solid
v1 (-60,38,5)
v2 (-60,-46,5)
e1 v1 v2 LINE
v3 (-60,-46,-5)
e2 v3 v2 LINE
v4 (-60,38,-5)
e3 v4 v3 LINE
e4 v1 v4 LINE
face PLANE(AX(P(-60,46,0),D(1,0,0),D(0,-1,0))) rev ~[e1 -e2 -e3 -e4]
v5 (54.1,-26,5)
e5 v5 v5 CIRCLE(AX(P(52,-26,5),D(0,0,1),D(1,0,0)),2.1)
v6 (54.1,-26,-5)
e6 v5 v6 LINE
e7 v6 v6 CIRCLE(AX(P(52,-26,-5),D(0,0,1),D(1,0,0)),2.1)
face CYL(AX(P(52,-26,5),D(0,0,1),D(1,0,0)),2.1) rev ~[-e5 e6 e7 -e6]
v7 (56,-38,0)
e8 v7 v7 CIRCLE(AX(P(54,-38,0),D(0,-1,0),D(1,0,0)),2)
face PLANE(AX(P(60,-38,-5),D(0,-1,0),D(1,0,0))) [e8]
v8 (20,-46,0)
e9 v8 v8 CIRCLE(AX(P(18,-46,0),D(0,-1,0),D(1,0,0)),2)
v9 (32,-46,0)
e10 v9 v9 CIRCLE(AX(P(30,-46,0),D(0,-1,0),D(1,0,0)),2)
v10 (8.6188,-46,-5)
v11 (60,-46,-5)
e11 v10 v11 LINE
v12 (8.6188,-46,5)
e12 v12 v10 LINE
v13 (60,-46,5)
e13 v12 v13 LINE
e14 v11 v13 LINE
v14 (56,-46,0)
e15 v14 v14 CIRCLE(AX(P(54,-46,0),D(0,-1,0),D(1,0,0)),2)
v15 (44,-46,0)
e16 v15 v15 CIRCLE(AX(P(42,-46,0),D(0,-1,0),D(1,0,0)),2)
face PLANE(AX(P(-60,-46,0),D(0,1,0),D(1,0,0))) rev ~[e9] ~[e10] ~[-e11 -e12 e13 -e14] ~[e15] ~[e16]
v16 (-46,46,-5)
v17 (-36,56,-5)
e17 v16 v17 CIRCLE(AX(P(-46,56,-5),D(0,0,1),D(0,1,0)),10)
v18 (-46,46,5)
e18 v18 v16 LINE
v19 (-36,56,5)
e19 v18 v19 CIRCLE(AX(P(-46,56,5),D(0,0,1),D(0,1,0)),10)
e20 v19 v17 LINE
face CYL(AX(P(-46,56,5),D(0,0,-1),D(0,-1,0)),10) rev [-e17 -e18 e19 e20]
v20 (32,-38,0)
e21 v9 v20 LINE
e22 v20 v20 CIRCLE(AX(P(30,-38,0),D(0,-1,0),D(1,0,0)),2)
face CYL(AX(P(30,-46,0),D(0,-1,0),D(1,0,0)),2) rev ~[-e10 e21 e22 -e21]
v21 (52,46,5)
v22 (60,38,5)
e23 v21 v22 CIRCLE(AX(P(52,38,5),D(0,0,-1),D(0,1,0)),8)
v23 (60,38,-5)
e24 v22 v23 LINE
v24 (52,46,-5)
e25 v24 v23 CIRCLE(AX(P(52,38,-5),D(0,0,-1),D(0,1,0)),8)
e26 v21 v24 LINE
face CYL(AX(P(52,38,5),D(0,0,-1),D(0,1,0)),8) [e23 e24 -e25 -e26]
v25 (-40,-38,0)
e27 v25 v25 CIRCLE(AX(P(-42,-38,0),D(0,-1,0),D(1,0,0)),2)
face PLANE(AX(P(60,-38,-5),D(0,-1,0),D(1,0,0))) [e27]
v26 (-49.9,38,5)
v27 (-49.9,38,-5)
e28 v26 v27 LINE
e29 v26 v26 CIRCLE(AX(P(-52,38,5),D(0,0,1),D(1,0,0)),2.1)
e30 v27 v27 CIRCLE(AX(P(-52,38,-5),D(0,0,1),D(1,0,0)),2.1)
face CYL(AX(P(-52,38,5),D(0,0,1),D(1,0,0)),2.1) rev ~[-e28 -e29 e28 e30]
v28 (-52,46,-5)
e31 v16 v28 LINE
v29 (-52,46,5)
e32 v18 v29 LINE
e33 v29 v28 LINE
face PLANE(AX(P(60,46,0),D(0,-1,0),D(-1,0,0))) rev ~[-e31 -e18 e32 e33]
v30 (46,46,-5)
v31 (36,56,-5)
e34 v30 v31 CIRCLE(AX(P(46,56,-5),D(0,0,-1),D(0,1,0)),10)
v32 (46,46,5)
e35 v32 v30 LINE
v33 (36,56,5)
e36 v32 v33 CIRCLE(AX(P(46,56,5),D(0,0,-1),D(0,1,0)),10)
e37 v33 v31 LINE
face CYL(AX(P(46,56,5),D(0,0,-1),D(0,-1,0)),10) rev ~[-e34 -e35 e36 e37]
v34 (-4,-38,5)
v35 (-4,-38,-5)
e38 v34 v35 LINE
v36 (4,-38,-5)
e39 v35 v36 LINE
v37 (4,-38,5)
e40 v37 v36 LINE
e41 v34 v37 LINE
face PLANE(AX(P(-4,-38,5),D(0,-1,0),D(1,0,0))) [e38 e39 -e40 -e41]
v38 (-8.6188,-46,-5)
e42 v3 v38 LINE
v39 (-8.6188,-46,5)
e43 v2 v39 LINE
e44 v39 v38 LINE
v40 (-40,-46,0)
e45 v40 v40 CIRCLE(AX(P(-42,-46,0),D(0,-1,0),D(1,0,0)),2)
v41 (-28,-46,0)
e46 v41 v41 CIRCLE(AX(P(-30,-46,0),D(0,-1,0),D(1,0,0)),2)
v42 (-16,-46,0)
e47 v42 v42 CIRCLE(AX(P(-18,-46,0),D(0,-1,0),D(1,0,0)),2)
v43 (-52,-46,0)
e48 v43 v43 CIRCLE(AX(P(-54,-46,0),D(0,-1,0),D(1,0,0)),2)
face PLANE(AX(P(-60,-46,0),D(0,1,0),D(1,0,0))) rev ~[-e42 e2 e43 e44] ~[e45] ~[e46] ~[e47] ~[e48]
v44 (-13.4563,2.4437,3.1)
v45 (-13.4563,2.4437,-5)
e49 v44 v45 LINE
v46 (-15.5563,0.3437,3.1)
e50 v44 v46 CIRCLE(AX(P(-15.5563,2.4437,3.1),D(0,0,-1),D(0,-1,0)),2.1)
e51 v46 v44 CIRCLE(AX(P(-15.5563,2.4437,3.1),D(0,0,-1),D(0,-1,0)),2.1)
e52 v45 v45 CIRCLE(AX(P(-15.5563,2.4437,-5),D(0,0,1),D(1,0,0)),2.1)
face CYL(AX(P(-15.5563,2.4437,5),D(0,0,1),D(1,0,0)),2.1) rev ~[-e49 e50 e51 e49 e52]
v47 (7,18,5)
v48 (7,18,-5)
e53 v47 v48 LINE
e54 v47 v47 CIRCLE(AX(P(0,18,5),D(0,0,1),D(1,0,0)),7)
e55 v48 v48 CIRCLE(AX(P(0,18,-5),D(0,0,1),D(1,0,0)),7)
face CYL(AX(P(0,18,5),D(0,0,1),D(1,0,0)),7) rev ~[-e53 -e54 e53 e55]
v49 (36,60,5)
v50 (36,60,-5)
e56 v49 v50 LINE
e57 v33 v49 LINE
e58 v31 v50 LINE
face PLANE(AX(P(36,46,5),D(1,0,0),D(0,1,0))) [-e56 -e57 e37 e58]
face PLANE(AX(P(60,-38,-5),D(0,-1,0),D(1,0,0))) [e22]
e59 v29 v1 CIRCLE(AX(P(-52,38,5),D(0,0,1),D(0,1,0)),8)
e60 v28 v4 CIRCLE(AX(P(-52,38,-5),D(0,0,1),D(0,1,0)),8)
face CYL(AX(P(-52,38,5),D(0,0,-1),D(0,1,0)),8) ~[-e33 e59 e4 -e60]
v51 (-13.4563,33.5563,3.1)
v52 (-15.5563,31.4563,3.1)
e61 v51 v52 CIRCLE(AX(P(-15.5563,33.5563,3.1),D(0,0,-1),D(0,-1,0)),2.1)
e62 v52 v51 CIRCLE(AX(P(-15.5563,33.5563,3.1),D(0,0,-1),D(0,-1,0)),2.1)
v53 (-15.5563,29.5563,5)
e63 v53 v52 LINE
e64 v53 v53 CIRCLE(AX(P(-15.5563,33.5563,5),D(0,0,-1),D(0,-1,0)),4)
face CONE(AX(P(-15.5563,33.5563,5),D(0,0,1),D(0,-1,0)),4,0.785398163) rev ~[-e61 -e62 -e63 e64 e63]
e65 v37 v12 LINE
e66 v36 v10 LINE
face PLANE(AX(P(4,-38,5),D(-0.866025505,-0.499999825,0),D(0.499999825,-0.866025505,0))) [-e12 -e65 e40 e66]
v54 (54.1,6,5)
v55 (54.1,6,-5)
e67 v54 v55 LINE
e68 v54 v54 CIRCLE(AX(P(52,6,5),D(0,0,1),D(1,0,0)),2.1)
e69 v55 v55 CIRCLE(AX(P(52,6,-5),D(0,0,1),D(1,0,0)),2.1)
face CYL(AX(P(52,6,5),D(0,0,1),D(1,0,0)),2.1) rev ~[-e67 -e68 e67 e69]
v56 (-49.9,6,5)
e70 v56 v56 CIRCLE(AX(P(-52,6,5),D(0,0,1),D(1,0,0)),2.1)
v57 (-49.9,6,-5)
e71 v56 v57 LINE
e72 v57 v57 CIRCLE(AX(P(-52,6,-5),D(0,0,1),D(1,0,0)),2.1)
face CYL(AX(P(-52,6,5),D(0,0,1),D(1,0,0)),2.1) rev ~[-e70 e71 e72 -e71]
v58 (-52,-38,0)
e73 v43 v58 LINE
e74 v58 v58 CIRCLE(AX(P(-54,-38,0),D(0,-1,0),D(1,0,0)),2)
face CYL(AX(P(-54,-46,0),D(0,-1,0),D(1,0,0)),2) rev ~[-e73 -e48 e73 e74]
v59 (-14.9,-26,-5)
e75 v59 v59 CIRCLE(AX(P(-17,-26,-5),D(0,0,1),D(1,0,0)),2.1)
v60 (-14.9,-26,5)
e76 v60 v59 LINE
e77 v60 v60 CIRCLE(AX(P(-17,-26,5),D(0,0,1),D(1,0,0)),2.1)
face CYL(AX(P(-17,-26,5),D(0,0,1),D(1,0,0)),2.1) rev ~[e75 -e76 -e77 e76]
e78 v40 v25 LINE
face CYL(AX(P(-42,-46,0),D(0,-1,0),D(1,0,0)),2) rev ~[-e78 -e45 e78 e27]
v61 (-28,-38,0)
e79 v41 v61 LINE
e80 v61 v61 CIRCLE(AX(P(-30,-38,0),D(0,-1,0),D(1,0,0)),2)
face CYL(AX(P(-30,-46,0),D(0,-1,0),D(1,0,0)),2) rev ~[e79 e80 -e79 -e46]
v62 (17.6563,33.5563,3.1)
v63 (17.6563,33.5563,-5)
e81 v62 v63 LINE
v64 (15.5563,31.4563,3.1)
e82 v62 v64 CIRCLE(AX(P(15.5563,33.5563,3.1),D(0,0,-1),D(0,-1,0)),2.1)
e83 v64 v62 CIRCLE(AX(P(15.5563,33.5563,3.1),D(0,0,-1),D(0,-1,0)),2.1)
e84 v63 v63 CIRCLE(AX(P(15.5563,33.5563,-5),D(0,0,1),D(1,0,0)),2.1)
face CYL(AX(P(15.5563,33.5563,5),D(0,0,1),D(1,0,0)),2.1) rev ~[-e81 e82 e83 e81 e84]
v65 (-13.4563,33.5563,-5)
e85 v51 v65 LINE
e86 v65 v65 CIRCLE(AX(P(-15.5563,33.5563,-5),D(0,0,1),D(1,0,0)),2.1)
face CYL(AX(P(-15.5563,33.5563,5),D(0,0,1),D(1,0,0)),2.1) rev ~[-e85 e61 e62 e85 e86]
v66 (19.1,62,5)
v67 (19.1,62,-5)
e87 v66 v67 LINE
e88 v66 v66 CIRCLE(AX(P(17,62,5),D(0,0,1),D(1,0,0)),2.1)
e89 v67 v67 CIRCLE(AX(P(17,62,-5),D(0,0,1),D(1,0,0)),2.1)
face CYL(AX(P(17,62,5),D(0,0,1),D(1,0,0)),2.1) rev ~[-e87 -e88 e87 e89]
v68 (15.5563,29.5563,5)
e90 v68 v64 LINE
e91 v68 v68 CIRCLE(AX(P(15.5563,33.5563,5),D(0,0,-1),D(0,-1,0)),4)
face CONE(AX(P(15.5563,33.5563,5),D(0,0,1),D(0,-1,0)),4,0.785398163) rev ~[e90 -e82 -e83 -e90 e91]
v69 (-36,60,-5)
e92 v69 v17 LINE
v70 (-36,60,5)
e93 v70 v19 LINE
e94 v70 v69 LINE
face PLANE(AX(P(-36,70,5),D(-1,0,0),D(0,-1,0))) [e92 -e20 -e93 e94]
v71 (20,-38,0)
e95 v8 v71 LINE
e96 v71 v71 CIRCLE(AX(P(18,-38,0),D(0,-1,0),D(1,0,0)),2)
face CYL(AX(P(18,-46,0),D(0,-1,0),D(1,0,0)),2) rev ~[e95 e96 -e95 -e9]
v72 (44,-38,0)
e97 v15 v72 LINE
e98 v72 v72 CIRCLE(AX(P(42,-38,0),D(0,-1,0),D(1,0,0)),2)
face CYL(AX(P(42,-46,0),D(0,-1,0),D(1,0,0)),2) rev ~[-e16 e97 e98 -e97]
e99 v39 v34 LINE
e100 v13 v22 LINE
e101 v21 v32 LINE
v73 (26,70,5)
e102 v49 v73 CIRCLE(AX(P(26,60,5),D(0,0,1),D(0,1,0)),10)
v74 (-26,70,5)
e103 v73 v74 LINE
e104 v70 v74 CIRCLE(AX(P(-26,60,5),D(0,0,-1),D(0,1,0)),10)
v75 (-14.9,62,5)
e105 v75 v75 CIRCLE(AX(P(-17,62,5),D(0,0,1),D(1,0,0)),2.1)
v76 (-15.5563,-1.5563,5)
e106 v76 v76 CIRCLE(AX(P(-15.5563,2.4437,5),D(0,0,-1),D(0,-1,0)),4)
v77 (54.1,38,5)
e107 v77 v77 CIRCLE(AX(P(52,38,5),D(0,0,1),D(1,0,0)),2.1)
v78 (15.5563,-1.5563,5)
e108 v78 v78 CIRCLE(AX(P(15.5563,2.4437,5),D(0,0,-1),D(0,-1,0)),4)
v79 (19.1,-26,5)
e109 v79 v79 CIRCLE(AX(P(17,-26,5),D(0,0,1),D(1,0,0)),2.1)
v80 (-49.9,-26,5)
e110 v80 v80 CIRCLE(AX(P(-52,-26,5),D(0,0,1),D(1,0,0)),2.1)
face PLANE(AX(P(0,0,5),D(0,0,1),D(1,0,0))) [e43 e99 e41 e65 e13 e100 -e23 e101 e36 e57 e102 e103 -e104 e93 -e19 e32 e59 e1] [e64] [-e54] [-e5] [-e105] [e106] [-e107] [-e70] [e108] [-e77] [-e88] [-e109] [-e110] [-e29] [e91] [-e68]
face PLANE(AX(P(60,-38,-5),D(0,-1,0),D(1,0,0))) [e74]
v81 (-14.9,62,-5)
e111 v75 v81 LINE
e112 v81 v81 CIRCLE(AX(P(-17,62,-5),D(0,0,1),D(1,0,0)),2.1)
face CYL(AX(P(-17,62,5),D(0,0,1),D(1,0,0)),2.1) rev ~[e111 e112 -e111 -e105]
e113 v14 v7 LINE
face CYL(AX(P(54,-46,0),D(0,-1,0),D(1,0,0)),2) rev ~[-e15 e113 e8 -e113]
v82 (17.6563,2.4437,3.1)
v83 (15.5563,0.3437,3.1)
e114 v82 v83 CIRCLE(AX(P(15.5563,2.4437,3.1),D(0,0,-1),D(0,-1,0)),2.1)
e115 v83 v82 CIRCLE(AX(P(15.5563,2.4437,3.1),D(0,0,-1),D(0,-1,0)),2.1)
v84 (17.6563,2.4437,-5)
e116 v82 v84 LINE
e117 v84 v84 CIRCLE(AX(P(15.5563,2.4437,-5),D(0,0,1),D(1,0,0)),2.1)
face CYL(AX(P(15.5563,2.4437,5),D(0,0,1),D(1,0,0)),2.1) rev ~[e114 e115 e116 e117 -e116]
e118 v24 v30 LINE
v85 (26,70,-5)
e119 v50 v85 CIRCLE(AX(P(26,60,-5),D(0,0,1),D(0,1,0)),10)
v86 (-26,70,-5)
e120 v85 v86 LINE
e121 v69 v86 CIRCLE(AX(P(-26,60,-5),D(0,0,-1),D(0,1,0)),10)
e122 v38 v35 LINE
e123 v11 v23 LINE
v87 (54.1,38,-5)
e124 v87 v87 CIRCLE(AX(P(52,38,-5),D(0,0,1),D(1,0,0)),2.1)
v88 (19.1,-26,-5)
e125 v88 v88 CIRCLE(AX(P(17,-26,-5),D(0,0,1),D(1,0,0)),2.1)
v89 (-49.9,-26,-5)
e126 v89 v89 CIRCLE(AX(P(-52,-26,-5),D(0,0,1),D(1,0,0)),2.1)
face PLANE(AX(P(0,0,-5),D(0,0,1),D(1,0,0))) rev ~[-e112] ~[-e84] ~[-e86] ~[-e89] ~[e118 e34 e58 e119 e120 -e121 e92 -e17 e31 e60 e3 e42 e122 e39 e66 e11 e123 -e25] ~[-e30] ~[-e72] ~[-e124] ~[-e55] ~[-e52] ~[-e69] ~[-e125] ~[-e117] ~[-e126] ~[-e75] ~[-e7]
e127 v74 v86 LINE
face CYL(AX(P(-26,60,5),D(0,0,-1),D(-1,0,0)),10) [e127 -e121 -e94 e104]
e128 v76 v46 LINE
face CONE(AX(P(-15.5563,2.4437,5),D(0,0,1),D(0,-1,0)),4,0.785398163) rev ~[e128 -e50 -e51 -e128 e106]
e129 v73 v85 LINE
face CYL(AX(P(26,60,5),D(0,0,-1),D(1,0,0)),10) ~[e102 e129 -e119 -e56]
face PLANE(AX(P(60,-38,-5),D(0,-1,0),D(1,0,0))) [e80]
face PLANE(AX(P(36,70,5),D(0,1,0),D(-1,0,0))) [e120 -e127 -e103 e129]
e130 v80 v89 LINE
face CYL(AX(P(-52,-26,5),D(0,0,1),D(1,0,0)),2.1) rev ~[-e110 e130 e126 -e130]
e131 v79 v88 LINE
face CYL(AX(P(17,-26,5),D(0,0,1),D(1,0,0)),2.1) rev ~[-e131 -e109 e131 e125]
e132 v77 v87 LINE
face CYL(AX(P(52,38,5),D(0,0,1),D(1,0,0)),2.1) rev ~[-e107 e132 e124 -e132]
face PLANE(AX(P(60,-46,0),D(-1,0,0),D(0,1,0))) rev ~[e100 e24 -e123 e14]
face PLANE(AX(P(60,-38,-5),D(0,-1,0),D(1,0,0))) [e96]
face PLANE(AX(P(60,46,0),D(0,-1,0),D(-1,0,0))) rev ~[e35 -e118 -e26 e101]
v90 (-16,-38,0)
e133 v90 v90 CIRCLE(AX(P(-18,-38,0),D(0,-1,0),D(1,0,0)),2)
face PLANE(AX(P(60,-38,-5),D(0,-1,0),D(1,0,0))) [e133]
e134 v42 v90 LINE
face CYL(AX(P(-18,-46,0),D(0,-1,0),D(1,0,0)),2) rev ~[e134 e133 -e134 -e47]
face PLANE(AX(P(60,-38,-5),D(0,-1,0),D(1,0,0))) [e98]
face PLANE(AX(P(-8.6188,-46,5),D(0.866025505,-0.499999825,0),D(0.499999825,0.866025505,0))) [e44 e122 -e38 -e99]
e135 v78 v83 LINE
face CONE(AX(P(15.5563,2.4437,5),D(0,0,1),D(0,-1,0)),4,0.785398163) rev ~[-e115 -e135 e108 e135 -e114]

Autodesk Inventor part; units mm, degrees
ref_plane "YZ Plane" through (0, 0, 0) normal (1, 0, 0) x (0, 1, 0)
ref_plane "XZ Plane" through (0, 0, 0) normal (0, 1, 0) x (-1, 0, 0)
ref_plane "XY Plane" through (0, 0, 0) normal (0, 0, 1) x (1, 0, 0)
sketch "Sketch1" plane through (0, 0, 0) normal (0, 0, 1) x (1, 0, 0)
  line L0 (-60, -46) -> (60, -46)
  line L1 (60, -46) -> (60, 46)
  line L2 (60, 46) -> (-60, 46)
  line L3 (-60, 46) -> (-60, -46)
  line L4 (-60, -46) -> (60, 46) construction
  line L5 (60, -46) -> (-60, 46) construction
  point P0 (0, 0)
  dimension "d0" = 120
  dimension "d1" = 92
extrude "Extrusion1" add sketch "Sketch1" along normal mid plane 10
sketch "Sketch2" plane through (0, 0, 5) normal (0, 0, 1) x (1, 0, 0)
  circle A0 centre (0, 18) radius 7
  line L0 (-60, -46) -> (60, -46) projected
  circle A1 centre (-10.6066, 28.6066) radius 2.1
  circle A2 centre (-15.5563, 33.5563) radius 2.1
  circle A3 centre (-15.5563, 2.4437) radius 2.1
  circle A4 centre (-10.6066, 7.3934) radius 2.1
  circle A5 centre (15.5563, 2.4437) radius 2.1
  circle A6 centre (10.6066, 7.3934) radius 2.1
  circle A7 centre (15.5563, 33.5563) radius 2.1
  circle A8 centre (10.6066, 28.6066) radius 2.1
  line L1 (-15.5563, 33.5563) -> (0, 18) construction
  line L2 (0, 18) -> (-10.6066, 18) construction
  point P0 (0, 0)
  point P1 (0, -46)
  dimension "d4" = 14
  dimension "d6" = 64
  dimension "d7" = 4.2
  dimension "d9" = 15
  dimension "d10" = 4.2
  dimension "d14" = 360
  dimension "d118" = 45
  dimension "d119" = 22
extrude "Extrusion2" cut sketch "Sketch2" against normal through all contours A0 | A2 | A3 | A5 | A7
sketch "Sketch5" plane through (0, 0, 5) normal (0, 0, 1) x (1, 0, 0)
  line L0 (-60, -46) -> (60, -46) projected
  line L1 (-8.6188, -46) -> (-4, -38)
  line L2 (-4, -38) -> (4, -38)
  line L3 (4, -38) -> (8.6188, -46)
  point P0 (0, 0)
  point P1 (0, -38)
  point P2 (0, -46)
  dimension "d42" = 8
  dimension "d43" = 8
  dimension "d44" = 60
extrude "Extrusion5" cut sketch "Sketch5" against normal through all
sketch "Sketch7" plane through (60, -46, -5) normal (0, -1, 0) x (1, 0, 0)
  circle A0 centre (-6, 5) radius 2
  line L0 (0, 0) -> (-51.3812, 0) construction
  circle A1 centre (-18, 5) radius 2
  circle A2 centre (-30, 5) radius 2
  circle A3 centre (-42, 5) radius 2
  circle A4 centre (-54, 5) radius 2 construction
  circle A5 centre (-66, 5) radius 2 construction
  circle A6 centre (-78, 5) radius 2
  circle A7 centre (-90, 5) radius 2
  circle A8 centre (-102, 5) radius 2
  circle A9 centre (-114, 5) radius 2
  line L1 (-54, 5) -> (-66, 5) construction
  point P0 (-60, 5)
  point P1 (-60, 5)
  dimension "d74" = 4
  dimension "d77" = 12
extrude "Extrusion7" cut sketch "Sketch7" against normal blind 8
sketch "Sketch8" plane through (0, 0, 5) normal (0, 0, 1) x (1, 0, 0)
  circle A0 centre (-52, 38) radius 2.1
  line L0 (-60, 46) -> (-60, -46) construction
  line L1 (-60, -46) -> (-8.6188, -46) projected
  circle A1 centre (-52, 6) radius 2.1
  circle A2 centre (-52, -26) radius 2.1
  circle A3 centre (0, 18) radius 7 construction
  line L2 (0, 25) -> (0, 18) construction
  circle A4 centre (52, 38) radius 2.1
  circle A5 centre (52, 6) radius 2.1
  circle A6 centre (52, -26) radius 2.1
  point P0 (0, 0)
  dimension "d84" = 4.2
  dimension "d85" = 8
  dimension "d86" = 84
  dimension "d89" = 32
extrude "Extrusion8" cut sketch "Sketch8" against normal through all
sketch "Sketch9" plane through (0, 0, 5) normal (0, 0, 1) x (1, 0, 0)
  line L0 (-36, 46) -> (36, 46)
  line L1 (36, 46) -> (36, 70)
  line L2 (36, 70) -> (-36, 70)
  line L3 (-36, 70) -> (-36, 46)
  line L4 (-36, 46) -> (36, 70) construction
  line L5 (36, 46) -> (-36, 70) construction
  line L6 (60, 46) -> (-60, 46) construction
  point P0 (0, 0)
  point P1 (0, 58)
  point P2 (0, 46)
  dimension "d96" = 72
  dimension "d97" = 24
extrude "Extrusion9" add sketch "Sketch9" against normal up to surface (10 mm away)
sketch "Sketch10" plane through (0, 0, 5) normal (0, 0, 1) x (1, 0, 0)
  circle A0 centre (0, 18) radius 7 construction
  circle A1 centre (-17, 62) radius 2.1
  line L0 (-7, 18) -> (0, 18) construction
  line L1 (0, 18) -> (0, 25) construction
  circle A2 centre (17, 62) radius 2.1
  circle A3 centre (-17, -26) radius 2.1
  circle A4 centre (17, -26) radius 2.1
  point P0 (0, 0)
  dimension "d100" = 4.2
  dimension "d101" = 44
  dimension "d102" = 17
extrude "Extrusion10" cut sketch "Sketch10" against normal blind 10
fillet "Fillet1" radius 10 4 edges at (36, 46, 0) (-36, 46, 0) (-36, 70, 0) (36, 70, 0)
fillet "Fillet2" radius 8 2 edges at (-60, 46, 0) (60, 46, 0)
thread "Thread9" size "M4.5x0.75" class "6H" standard "ISO Metric profile" full length
thread "Thread10" size "M4.5x0.75" class "6H" standard "ISO Metric profile" full length
hole "Hole1" at (-15.5563, 33.5563, 5) at (-15.5563, 2.4437, 5) at (15.5563, 2.4437, 5) at (15.5563, 33.5563, 5) direction (0, 0, -1) diameter 4.2 end through all countersink diameter 8 countersink angle 90
properties part number "FirstStageMotorMountingPlate" material "Aluminum 6061"
